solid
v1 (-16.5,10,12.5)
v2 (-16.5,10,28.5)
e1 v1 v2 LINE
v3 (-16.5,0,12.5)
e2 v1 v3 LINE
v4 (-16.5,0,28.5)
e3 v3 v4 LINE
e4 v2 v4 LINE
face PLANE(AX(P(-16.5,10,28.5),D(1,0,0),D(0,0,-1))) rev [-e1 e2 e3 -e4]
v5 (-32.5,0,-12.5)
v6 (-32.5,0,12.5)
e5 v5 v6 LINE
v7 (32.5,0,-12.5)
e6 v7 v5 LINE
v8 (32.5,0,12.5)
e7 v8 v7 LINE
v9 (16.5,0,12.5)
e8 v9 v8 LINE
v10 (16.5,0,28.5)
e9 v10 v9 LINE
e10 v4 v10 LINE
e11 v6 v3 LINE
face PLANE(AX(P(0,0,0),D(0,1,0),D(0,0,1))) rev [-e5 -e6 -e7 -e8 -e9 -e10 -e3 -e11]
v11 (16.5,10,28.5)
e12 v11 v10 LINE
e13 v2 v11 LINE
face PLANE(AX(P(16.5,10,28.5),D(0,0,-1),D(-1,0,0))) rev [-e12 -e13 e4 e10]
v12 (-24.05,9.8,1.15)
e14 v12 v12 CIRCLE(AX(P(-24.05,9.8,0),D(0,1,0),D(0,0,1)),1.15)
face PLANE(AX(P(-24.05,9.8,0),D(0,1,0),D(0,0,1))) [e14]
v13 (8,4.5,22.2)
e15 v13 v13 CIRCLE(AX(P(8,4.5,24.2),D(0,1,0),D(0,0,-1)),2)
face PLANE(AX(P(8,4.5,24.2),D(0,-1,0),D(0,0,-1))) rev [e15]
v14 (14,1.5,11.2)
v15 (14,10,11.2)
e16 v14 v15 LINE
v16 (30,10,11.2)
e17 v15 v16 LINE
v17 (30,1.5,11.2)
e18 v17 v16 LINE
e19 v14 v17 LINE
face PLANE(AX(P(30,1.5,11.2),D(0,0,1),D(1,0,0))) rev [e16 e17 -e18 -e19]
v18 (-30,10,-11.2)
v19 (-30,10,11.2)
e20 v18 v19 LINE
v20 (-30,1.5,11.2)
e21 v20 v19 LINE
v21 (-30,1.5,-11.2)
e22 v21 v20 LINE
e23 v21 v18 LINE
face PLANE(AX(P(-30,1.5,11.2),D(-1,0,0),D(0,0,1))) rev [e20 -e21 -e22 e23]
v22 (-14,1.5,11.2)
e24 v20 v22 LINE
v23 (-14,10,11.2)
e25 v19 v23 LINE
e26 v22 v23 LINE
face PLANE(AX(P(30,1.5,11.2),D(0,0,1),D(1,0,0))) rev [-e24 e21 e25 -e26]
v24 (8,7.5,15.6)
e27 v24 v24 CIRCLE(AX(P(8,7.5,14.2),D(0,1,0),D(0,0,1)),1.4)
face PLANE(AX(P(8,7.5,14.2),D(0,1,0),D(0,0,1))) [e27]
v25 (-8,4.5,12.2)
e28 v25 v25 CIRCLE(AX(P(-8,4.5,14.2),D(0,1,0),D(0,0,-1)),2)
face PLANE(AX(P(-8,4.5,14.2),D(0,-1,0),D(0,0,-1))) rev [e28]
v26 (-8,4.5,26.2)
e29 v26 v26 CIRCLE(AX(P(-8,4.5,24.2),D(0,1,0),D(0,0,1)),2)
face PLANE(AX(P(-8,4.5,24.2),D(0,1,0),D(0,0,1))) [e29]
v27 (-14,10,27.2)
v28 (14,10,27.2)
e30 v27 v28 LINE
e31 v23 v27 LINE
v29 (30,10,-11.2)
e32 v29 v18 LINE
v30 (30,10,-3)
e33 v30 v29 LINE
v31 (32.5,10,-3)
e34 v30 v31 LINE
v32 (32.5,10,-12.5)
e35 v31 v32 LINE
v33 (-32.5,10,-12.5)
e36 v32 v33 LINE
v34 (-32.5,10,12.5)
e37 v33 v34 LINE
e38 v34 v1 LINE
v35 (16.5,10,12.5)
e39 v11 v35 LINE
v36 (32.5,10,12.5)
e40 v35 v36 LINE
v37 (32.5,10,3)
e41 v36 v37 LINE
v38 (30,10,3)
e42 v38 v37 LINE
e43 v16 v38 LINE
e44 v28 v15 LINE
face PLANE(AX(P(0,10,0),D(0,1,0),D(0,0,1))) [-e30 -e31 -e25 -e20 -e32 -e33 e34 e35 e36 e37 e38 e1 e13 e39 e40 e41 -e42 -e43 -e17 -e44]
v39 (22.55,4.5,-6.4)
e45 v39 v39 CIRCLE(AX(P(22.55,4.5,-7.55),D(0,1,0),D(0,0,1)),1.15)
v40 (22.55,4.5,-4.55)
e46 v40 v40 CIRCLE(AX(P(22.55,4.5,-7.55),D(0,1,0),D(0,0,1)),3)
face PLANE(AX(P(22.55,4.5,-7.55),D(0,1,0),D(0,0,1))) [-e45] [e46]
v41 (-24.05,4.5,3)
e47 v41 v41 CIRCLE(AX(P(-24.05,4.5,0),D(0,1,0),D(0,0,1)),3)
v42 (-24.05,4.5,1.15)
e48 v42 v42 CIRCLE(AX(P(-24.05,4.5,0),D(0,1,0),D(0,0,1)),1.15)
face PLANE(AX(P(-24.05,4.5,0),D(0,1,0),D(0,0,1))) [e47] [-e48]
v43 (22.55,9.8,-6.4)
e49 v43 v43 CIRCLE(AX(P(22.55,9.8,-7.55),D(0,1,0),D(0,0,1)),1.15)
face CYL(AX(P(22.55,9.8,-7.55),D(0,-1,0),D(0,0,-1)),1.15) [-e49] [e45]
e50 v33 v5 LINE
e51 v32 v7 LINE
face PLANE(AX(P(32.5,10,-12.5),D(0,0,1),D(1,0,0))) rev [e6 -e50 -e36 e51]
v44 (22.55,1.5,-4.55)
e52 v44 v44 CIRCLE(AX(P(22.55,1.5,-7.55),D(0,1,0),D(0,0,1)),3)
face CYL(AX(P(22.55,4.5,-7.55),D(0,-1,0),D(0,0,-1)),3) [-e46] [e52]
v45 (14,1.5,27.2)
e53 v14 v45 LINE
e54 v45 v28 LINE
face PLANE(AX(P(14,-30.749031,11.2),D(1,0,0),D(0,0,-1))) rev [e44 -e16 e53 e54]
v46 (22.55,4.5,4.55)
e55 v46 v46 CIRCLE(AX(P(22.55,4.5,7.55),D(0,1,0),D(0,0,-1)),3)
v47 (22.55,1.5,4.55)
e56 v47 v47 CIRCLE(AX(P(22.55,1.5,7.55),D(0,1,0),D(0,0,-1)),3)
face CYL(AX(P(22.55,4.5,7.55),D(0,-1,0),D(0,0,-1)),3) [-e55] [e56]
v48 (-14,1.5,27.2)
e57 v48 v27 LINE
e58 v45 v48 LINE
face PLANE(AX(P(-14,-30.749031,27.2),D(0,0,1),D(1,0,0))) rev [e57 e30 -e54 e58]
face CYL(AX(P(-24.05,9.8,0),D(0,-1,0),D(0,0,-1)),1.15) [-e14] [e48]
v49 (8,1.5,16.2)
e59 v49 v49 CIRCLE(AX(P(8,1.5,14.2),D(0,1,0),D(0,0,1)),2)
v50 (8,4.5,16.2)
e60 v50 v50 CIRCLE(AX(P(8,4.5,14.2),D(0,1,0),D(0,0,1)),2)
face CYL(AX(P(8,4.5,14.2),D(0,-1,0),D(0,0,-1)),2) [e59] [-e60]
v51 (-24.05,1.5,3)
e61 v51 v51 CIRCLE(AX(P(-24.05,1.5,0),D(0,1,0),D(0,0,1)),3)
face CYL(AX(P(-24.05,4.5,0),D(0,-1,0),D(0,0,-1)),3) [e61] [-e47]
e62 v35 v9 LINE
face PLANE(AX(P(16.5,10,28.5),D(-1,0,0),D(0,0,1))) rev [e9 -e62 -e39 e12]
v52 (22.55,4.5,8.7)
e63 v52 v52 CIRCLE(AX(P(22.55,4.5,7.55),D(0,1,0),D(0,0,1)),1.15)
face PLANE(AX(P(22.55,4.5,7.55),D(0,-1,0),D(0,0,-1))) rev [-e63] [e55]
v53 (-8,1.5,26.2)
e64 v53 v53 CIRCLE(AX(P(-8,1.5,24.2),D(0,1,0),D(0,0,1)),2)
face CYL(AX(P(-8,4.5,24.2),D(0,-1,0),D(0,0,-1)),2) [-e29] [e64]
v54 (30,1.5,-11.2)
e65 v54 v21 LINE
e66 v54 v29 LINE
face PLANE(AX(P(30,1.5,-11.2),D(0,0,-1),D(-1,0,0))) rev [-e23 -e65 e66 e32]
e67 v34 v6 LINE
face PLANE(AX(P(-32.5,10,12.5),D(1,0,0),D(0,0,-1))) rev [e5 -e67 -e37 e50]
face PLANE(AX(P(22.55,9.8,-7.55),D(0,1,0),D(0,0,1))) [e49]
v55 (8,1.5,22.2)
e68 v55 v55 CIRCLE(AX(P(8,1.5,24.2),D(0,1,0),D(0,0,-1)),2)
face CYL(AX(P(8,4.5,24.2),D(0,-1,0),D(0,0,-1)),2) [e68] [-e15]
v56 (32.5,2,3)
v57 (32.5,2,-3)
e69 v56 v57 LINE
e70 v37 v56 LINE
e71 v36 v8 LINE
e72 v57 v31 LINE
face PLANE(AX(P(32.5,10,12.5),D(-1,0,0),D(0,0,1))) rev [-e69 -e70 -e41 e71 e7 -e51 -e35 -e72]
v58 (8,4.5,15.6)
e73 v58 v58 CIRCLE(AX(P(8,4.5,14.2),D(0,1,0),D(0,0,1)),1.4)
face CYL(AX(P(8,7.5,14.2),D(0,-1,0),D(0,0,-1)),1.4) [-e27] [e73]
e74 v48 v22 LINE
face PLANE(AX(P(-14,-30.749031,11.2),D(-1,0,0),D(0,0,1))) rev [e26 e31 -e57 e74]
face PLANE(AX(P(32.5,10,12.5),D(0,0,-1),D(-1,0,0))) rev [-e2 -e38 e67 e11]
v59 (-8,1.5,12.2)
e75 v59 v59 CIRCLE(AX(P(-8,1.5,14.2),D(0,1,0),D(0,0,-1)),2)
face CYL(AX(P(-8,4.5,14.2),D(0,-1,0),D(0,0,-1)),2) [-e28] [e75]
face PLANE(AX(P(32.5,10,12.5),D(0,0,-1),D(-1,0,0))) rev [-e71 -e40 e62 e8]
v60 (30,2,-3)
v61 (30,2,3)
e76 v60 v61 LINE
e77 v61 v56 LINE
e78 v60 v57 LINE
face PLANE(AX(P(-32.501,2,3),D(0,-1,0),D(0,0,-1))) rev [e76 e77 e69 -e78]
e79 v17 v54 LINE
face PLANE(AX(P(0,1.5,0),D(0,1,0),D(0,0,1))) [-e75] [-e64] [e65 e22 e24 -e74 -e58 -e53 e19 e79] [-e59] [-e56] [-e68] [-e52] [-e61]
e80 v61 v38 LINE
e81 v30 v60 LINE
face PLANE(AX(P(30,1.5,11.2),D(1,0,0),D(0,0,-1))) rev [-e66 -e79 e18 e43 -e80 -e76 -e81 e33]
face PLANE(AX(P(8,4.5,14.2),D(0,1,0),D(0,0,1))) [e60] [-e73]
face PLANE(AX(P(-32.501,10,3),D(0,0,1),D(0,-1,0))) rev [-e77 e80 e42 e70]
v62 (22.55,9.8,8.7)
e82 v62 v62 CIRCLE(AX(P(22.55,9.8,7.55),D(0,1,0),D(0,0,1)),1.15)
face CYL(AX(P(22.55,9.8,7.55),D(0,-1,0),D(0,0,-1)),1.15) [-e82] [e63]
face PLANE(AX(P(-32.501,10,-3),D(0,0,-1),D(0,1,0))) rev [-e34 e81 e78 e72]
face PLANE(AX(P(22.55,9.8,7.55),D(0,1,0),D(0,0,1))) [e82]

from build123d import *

# Parameters (mm, degrees)
CROQUIS1_W              = 65
CROQUIS1_H              = 25
SALIENTE_EXTRUIR1_DEPTH = 10
CROQUIS2_W              = 60
CROQUIS2_H              = 22.4
CORTAR_EXTRUIR1_DEPTH   = 8.5
SKETCH3_R               = 3
BOSS_EXTRUDE3_DEPTH     = 3
SKETCH4_R               = 1.15
BOSS_EXTRUDE4_DEPTH     = 5.3
CORTAR_EXTRUIR3_REACH   = 68.942
CROQUIS5_W              = 6
CROQUIS5_H              = 8
CROQUIS12_W             = 33
CROQUIS12_H             = 16
SALIENTE_EXTRUIR7_DEPTH = 10
CROQUIS13_W             = 28
CROQUIS13_H             = 16
CORTAR_EXTRUIR6_DEPTH   = 8.5
CROQUIS14_R             = 2
SALIENTE_EXTRUIR8_DEPTH = 3
CROQUIS15_R             = 1.4
SALIENTE_EXTRUIR9_DEPTH = 3


with BuildPart() as part:
    # Croquis1 → Saliente-Extruir1 (new body)
    with BuildSketch(Plane(origin=(0, 0, 0), x_dir=(1, 0, 0), z_dir=(0, 1, 0))):
        Rectangle(CROQUIS1_W, CROQUIS1_H)
    extrude(amount=SALIENTE_EXTRUIR1_DEPTH)

    # Croquis2 → Cortar-Extruir1 (cut)
    with BuildSketch(Plane(origin=(0, 10, 0), x_dir=(1, 0, 0), z_dir=(0, 1, 0))):
        Rectangle(CROQUIS2_W, CROQUIS2_H)
    extrude(amount=-CORTAR_EXTRUIR1_DEPTH, mode=Mode.SUBTRACT)

    # Sketch3 → Boss-Extrude3 (add)
    with BuildSketch(Plane(origin=(0, 1.5, 0), x_dir=(1, 0, 0), z_dir=(0, 1, 0))):
        with Locations(Location((-24.05, 0, 0), (0, 0, 270))):
            Circle(SKETCH3_R)
        with Locations(Location((22.55, 7.55, 0), (0, 0, 270))):
            Circle(SKETCH3_R)
        with Locations(Location((22.55, -7.55, 0), (0, 0, 90))):
            Circle(SKETCH3_R)
    extrude(amount=BOSS_EXTRUDE3_DEPTH)

    # Sketch4 → Boss-Extrude4 (add)
    with BuildSketch(Plane(origin=(0, 4.5, 0), x_dir=(1, 0, 0), z_dir=(0, 1, 0))):
        with Locations(Location((-24.05, 0, 0), (0, 0, 270))):
            Circle(SKETCH4_R)
        with Locations(Location((22.55, 7.55, 0), (0, 0, 270))):
            Circle(SKETCH4_R)
        with Locations(Location((22.55, -7.55, 0), (0, 0, 270))):
            Circle(SKETCH4_R)
    extrude(amount=BOSS_EXTRUDE4_DEPTH)

    # Croquis5 → Cortar-Extruir3 (cut, up to next)
    with BuildSketch(Plane(origin=(32.5, 0, 0), x_dir=(0, 0, -1), z_dir=(1, 0, 0)), mode=Mode.PRIVATE) as cortar_extruir3_sk1:
        with Locations((0, 6)):
            Rectangle(CROQUIS5_W, CROQUIS5_H)
    cortar_extruir3_tool1 = extrude(cortar_extruir3_sk1.sketch, amount=-CORTAR_EXTRUIR3_REACH, mode=Mode.PRIVATE) & part.part
    add(cortar_extruir3_tool1.solids().sort_by_distance((32.5, 6, 0))[0], mode=Mode.SUBTRACT)

    # Croquis12 → Saliente-Extruir7 (add)
    with BuildSketch(Plane(origin=(0, 0, 0), x_dir=(1, 0, 0), z_dir=(0, 1, 0))):
        with Locations((0, -20.5)):
            Rectangle(CROQUIS12_W, CROQUIS12_H)
    extrude(amount=SALIENTE_EXTRUIR7_DEPTH)

    # Croquis13 → Cortar-Extruir6 (cut)
    with BuildSketch(Plane(origin=(0, 10, 0), x_dir=(1, 0, 0), z_dir=(0, 1, 0))):
        with Locations((0, -19.2)):
            Rectangle(CROQUIS13_W, CROQUIS13_H)
    extrude(amount=-CORTAR_EXTRUIR6_DEPTH, mode=Mode.SUBTRACT)

    # Croquis14 → Saliente-Extruir8 (add)
    with BuildSketch(Plane(origin=(0, 1.5, 0), x_dir=(1, 0, 0), z_dir=(0, 1, 0))):
        with Locations(Location((8, -14.2, 0), (0, 0, 270))):
            Circle(CROQUIS14_R)
        with Locations(Location((8, -24.2, 0), (0, 0, 90))):
            Circle(CROQUIS14_R)
        with Locations(Location((-8, -24.2, 0), (0, 0, 270))):
            Circle(CROQUIS14_R)
        with Locations(Location((-8, -14.2, 0), (0, 0, 90))):
            Circle(CROQUIS14_R)
    extrude(amount=SALIENTE_EXTRUIR8_DEPTH)

    # Croquis15 → Saliente-Extruir9 (add)
    with BuildSketch(Plane(origin=(0, 4.5, 0), x_dir=(1, 0, 0), z_dir=(0, 1, 0))):
        with Locations(Location((8, -14.2, 0), (0, 0, 270))):
            Circle(CROQUIS15_R)
    extrude(amount=SALIENTE_EXTRUIR9_DEPTH)


solid = part.part
